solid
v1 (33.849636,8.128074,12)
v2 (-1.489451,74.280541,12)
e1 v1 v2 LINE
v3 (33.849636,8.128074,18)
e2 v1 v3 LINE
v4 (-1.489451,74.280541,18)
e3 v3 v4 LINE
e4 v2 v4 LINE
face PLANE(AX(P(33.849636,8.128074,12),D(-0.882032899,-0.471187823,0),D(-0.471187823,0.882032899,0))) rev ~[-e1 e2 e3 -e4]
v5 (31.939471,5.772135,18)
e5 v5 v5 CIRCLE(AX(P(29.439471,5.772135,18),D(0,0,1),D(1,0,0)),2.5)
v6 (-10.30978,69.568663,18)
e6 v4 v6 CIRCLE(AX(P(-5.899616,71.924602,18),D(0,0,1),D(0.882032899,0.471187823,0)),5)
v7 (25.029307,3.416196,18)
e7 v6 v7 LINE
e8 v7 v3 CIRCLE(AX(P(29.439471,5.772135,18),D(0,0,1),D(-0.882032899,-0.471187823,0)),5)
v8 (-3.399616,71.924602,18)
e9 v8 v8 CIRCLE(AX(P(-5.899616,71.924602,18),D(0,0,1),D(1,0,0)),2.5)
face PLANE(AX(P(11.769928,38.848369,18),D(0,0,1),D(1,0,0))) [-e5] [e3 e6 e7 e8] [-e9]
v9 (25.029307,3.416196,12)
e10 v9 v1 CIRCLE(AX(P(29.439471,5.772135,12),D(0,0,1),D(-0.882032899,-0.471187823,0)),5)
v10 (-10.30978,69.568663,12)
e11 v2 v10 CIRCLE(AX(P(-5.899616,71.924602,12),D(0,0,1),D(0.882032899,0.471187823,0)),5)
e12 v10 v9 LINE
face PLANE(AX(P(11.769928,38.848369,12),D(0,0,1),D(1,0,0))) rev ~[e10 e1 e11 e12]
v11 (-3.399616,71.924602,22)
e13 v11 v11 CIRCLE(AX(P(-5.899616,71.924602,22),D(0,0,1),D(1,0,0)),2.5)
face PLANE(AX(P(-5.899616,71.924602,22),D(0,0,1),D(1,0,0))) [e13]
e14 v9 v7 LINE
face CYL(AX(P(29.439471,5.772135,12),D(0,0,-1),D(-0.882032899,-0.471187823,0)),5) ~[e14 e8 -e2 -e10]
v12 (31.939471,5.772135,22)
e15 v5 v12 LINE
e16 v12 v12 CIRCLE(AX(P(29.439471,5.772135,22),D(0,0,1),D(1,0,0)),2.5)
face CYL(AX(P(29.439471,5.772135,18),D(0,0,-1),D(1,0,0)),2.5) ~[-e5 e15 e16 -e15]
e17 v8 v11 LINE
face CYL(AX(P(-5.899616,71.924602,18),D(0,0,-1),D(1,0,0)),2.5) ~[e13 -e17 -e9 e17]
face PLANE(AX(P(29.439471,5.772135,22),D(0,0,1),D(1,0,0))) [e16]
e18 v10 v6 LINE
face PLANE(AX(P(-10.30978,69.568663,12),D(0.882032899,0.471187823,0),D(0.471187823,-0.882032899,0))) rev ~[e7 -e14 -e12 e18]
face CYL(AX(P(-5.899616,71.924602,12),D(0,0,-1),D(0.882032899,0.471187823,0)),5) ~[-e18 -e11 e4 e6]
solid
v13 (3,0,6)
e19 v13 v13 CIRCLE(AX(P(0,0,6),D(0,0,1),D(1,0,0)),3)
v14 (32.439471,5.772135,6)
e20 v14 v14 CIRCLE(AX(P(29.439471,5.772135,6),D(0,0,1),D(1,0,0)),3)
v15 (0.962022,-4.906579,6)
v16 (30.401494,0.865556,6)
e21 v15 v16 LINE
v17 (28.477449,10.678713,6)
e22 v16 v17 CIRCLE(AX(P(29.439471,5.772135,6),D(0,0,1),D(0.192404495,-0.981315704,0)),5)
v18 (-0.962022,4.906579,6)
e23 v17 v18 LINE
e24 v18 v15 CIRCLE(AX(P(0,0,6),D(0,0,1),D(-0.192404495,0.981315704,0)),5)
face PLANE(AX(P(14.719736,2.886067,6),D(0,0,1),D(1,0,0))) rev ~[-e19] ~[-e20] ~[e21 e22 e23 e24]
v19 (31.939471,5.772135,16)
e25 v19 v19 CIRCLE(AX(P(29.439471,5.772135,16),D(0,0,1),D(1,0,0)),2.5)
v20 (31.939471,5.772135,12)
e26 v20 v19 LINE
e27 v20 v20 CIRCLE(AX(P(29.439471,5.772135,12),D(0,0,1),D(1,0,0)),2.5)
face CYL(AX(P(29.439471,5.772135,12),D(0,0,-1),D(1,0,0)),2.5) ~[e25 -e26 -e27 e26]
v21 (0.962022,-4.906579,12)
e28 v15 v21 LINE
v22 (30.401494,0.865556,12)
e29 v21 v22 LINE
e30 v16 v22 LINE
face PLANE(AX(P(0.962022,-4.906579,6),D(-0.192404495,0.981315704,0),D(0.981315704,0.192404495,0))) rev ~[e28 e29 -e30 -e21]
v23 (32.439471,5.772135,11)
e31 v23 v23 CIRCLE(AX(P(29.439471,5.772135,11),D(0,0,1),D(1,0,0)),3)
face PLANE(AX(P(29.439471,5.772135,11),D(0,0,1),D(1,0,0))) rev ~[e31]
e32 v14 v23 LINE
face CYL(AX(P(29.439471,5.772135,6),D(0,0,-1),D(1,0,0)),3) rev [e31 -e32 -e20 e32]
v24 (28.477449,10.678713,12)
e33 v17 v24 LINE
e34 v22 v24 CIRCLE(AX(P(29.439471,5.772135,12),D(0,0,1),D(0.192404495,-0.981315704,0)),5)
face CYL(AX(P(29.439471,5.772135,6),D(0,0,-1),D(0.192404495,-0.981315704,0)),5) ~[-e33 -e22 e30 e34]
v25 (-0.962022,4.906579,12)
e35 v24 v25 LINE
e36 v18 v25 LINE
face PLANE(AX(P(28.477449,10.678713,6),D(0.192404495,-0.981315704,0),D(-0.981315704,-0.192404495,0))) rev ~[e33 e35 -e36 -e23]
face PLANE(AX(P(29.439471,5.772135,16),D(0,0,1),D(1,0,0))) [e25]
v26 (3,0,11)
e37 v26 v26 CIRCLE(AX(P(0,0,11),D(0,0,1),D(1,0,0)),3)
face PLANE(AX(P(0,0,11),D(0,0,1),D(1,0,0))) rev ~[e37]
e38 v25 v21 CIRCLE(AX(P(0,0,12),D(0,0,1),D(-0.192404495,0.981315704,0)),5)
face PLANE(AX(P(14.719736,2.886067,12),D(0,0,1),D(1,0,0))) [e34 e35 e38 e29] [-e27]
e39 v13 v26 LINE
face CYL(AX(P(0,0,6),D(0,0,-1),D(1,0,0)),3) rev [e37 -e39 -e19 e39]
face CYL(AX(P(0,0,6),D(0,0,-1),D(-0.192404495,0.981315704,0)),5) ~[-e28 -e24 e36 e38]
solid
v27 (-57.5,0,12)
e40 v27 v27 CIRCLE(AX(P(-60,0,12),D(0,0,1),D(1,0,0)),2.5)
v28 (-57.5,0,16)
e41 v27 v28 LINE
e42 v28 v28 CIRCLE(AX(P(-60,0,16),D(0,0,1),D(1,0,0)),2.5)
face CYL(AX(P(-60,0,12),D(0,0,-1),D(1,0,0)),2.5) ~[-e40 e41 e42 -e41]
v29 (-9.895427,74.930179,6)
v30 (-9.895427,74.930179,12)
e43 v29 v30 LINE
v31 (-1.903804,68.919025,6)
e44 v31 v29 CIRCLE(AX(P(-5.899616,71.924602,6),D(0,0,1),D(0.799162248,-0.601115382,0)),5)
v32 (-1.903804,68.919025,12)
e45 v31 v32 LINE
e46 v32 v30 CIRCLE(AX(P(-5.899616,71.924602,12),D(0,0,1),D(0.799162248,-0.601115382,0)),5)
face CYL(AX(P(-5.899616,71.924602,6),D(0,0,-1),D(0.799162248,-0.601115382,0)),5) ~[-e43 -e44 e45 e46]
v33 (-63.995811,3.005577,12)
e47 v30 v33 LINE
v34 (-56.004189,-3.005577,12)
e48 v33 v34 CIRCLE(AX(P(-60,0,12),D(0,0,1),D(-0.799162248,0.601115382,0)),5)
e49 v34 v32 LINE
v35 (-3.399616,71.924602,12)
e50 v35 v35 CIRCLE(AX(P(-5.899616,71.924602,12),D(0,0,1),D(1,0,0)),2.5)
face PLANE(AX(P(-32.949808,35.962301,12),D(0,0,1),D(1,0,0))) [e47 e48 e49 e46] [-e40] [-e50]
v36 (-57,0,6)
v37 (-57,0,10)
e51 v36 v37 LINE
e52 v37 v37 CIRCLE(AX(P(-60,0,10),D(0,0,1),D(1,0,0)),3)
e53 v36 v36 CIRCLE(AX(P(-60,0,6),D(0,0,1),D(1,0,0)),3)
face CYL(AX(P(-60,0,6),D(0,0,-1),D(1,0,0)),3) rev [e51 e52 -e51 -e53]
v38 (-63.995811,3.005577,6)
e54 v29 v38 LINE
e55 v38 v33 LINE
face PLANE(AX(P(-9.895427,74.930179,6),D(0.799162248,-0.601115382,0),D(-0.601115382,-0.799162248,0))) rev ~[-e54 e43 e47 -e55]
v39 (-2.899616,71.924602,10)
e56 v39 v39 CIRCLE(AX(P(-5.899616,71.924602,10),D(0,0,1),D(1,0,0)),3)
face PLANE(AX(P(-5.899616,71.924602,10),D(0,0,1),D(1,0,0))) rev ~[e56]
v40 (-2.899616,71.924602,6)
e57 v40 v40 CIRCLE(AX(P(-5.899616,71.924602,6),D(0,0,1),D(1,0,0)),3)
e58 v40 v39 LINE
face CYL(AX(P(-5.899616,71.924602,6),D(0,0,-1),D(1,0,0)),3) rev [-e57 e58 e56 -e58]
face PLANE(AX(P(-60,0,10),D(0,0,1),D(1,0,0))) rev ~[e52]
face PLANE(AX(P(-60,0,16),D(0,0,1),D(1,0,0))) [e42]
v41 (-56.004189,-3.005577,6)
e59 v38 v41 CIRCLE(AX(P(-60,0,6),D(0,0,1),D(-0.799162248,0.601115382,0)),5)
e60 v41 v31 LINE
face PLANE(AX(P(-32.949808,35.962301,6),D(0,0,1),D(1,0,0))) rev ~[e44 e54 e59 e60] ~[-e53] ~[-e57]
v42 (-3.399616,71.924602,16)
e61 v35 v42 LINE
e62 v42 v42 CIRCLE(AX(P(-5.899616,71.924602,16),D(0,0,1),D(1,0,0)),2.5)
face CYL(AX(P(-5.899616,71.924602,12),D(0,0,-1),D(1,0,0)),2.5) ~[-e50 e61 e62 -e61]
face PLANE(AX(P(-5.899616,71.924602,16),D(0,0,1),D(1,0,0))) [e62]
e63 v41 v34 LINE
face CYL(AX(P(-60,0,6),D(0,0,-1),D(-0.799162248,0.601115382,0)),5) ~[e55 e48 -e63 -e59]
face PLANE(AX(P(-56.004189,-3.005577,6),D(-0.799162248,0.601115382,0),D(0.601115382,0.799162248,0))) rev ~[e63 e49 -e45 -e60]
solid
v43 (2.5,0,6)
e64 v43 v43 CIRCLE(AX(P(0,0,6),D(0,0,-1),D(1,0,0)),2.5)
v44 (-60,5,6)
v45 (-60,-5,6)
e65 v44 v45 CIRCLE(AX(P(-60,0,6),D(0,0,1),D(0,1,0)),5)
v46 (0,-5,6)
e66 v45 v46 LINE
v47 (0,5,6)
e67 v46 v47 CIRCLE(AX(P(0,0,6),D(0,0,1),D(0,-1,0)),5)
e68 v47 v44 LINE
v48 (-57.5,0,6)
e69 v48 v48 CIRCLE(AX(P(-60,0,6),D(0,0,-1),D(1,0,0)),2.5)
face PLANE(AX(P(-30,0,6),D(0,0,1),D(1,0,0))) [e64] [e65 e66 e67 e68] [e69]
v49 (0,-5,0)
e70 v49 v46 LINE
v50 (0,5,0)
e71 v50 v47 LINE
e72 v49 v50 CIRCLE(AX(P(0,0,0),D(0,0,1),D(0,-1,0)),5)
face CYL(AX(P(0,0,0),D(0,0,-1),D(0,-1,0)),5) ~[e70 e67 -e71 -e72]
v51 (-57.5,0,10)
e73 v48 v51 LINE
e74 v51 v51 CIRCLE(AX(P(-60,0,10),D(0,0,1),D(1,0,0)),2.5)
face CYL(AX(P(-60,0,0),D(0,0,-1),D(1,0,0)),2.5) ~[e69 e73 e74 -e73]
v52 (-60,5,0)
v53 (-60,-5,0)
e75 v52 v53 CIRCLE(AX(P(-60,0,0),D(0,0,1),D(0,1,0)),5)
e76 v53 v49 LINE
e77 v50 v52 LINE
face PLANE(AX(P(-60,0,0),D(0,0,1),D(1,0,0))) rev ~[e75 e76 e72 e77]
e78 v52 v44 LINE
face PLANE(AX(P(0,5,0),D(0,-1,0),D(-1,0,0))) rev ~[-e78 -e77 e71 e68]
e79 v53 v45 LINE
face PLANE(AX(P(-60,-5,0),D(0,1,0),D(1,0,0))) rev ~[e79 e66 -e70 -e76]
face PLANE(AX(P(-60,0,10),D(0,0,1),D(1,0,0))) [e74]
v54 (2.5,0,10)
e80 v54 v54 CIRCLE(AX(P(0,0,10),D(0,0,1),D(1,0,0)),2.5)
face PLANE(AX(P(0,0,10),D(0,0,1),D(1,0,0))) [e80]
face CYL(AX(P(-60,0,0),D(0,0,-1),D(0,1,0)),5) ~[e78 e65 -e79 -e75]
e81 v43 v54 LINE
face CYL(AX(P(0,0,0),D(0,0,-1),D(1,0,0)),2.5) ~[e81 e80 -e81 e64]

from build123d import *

# Parameters (mm, degrees)
F6_DEPTH  = 6
F7_R      = 2.5
F8_DEPTH  = 10
F9_R      = 3
F10_DEPTH = 5
F12_DEPTH = 6
F13_R     = 2.5
F14_DEPTH = 4
F15_R     = 3
F16_DEPTH = 5
F18_DEPTH = 6
F19_R     = 2.5
F20_DEPTH = 4
F21_R     = 3
F22_DEPTH = 4
F24_DEPTH = 6
F25_R     = 2.5
F26_DEPTH = 4


with BuildPart() as f6:
    # F5 (on Top) → F6 (new body)
    with BuildSketch(Plane.XY):
        with BuildLine():
            ThreePointArc((0, -5), (5, 0), (0, 5))
            Line((0, 5), (-60, 5))
            ThreePointArc((-60, 5), (-65, 0), (-60, -5))
            Line((-60, -5), (0, -5))
        make_face()
    extrude(amount=F6_DEPTH)

    # F7 (on Top) → F8 (join)
    with BuildSketch(Plane.XY):
        with Locations((-60, 0)):
            Circle(F7_R)
        Circle(F7_R)
    extrude(amount=F8_DEPTH)

    # F9 (on Top) → F10 (join)
    with BuildSketch(Plane.XY):
        with Locations((-60, 0)):
            Circle(F9_R)
        Circle(F9_R)
    extrude(amount=F10_DEPTH)


with BuildPart() as f12:
    # F11 (on offset) → F12 (new body)
    with BuildSketch(Plane.XY.offset(6)):
        with BuildLine():
            ThreePointArc((-0.9620224756, 4.9065785183), (-4.9065785183, -0.9620224756), (0.9620224756, -4.9065785183))
            Line((0.9620224756, -4.9065785183), (30.4014935855, 0.8655563354))
            ThreePointArc((30.4014935855, 0.8655563354), (34.3460496282, 6.7341573293), (28.4774486343, 10.678713372))
            Line((28.4774486343, 10.678713372), (-0.9620224756, 4.9065785183))
        make_face()
    extrude(amount=F12_DEPTH)

    # F13 (on offset) → F14 (join)
    with BuildSketch(Plane.XY.offset(12)):
        with Locations((29.4394711099, 5.7721348537)):
            Circle(F13_R)
    extrude(amount=F14_DEPTH)

    # F15 (on offset) → F16 (cut)
    with BuildSketch(Plane.XY.offset(6)):
        Circle(F15_R)
        with Locations((29.4394711099, 5.7721348537)):
            Circle(F15_R)
    extrude(amount=F16_DEPTH, mode=Mode.SUBTRACT)


with BuildPart() as f18:
    # F17 (on offset) → F18 (new body)
    with BuildSketch(Plane.XY.offset(6)):
        with BuildLine():
            ThreePointArc((-63.9958112379, 3.0055769082), (-63.0055769082, -3.9958112379), (-56.0041887621, -3.0055769082))
            Line((-56.0041887621, -3.0055769082), (-1.9038044142, 68.9190253736))
            ThreePointArc((-1.9038044142, 68.9190253736), (-2.8940387438, 75.9204135197), (-9.8954268899, 74.9301791901))
            Line((-9.8954268899, 74.9301791901), (-63.9958112379, 3.0055769082))
        make_face()
    extrude(amount=F18_DEPTH)

    # F19 (on offset) → F20 (join)
    with BuildSketch(Plane.XY.offset(12)):
        with Locations((-5.899615652, 71.9246022818)):
            Circle(F19_R)
        with Locations((-60, 0)):
            Circle(F19_R)
    extrude(amount=F20_DEPTH)

    # F21 (on offset) → F22 (cut)
    with BuildSketch(Plane.XY.offset(6)):
        with Locations((-60, 0)):
            Circle(F21_R)
        with Locations((-5.899615652, 71.9246022818)):
            Circle(F21_R)
    extrude(amount=F22_DEPTH, mode=Mode.SUBTRACT)


with BuildPart() as f24:
    # F23 (on offset) → F24 (new body)
    with BuildSketch(Plane.XY.offset(12)):
        with BuildLine():
            ThreePointArc((-1.4894511568, 74.2805413993), (-8.2555547695, 76.3347667771), (-10.3097801472, 69.5686631644))
            Line((-10.3097801472, 69.5686631644), (25.0293066147, 3.4161957362))
            ThreePointArc((25.0293066147, 3.4161957362), (31.7954102274, 1.3619703585), (33.8496356051, 8.1280739712))
            Line((33.8496356051, 8.1280739712), (-1.4894511568, 74.2805413993))
        make_face()
    extrude(amount=F24_DEPTH)

    # F25 (on offset) → F26 (join)
    with BuildSketch(Plane.XY.offset(18)):
        with Locations((29.4394711099, 5.7721348537)):
            Circle(F25_R)
        with Locations((-5.899615652, 71.9246022818)):
            Circle(F25_R)
    extrude(amount=F26_DEPTH)


solid = Compound([f6.part, f12.part, f18.part, f24.part])
